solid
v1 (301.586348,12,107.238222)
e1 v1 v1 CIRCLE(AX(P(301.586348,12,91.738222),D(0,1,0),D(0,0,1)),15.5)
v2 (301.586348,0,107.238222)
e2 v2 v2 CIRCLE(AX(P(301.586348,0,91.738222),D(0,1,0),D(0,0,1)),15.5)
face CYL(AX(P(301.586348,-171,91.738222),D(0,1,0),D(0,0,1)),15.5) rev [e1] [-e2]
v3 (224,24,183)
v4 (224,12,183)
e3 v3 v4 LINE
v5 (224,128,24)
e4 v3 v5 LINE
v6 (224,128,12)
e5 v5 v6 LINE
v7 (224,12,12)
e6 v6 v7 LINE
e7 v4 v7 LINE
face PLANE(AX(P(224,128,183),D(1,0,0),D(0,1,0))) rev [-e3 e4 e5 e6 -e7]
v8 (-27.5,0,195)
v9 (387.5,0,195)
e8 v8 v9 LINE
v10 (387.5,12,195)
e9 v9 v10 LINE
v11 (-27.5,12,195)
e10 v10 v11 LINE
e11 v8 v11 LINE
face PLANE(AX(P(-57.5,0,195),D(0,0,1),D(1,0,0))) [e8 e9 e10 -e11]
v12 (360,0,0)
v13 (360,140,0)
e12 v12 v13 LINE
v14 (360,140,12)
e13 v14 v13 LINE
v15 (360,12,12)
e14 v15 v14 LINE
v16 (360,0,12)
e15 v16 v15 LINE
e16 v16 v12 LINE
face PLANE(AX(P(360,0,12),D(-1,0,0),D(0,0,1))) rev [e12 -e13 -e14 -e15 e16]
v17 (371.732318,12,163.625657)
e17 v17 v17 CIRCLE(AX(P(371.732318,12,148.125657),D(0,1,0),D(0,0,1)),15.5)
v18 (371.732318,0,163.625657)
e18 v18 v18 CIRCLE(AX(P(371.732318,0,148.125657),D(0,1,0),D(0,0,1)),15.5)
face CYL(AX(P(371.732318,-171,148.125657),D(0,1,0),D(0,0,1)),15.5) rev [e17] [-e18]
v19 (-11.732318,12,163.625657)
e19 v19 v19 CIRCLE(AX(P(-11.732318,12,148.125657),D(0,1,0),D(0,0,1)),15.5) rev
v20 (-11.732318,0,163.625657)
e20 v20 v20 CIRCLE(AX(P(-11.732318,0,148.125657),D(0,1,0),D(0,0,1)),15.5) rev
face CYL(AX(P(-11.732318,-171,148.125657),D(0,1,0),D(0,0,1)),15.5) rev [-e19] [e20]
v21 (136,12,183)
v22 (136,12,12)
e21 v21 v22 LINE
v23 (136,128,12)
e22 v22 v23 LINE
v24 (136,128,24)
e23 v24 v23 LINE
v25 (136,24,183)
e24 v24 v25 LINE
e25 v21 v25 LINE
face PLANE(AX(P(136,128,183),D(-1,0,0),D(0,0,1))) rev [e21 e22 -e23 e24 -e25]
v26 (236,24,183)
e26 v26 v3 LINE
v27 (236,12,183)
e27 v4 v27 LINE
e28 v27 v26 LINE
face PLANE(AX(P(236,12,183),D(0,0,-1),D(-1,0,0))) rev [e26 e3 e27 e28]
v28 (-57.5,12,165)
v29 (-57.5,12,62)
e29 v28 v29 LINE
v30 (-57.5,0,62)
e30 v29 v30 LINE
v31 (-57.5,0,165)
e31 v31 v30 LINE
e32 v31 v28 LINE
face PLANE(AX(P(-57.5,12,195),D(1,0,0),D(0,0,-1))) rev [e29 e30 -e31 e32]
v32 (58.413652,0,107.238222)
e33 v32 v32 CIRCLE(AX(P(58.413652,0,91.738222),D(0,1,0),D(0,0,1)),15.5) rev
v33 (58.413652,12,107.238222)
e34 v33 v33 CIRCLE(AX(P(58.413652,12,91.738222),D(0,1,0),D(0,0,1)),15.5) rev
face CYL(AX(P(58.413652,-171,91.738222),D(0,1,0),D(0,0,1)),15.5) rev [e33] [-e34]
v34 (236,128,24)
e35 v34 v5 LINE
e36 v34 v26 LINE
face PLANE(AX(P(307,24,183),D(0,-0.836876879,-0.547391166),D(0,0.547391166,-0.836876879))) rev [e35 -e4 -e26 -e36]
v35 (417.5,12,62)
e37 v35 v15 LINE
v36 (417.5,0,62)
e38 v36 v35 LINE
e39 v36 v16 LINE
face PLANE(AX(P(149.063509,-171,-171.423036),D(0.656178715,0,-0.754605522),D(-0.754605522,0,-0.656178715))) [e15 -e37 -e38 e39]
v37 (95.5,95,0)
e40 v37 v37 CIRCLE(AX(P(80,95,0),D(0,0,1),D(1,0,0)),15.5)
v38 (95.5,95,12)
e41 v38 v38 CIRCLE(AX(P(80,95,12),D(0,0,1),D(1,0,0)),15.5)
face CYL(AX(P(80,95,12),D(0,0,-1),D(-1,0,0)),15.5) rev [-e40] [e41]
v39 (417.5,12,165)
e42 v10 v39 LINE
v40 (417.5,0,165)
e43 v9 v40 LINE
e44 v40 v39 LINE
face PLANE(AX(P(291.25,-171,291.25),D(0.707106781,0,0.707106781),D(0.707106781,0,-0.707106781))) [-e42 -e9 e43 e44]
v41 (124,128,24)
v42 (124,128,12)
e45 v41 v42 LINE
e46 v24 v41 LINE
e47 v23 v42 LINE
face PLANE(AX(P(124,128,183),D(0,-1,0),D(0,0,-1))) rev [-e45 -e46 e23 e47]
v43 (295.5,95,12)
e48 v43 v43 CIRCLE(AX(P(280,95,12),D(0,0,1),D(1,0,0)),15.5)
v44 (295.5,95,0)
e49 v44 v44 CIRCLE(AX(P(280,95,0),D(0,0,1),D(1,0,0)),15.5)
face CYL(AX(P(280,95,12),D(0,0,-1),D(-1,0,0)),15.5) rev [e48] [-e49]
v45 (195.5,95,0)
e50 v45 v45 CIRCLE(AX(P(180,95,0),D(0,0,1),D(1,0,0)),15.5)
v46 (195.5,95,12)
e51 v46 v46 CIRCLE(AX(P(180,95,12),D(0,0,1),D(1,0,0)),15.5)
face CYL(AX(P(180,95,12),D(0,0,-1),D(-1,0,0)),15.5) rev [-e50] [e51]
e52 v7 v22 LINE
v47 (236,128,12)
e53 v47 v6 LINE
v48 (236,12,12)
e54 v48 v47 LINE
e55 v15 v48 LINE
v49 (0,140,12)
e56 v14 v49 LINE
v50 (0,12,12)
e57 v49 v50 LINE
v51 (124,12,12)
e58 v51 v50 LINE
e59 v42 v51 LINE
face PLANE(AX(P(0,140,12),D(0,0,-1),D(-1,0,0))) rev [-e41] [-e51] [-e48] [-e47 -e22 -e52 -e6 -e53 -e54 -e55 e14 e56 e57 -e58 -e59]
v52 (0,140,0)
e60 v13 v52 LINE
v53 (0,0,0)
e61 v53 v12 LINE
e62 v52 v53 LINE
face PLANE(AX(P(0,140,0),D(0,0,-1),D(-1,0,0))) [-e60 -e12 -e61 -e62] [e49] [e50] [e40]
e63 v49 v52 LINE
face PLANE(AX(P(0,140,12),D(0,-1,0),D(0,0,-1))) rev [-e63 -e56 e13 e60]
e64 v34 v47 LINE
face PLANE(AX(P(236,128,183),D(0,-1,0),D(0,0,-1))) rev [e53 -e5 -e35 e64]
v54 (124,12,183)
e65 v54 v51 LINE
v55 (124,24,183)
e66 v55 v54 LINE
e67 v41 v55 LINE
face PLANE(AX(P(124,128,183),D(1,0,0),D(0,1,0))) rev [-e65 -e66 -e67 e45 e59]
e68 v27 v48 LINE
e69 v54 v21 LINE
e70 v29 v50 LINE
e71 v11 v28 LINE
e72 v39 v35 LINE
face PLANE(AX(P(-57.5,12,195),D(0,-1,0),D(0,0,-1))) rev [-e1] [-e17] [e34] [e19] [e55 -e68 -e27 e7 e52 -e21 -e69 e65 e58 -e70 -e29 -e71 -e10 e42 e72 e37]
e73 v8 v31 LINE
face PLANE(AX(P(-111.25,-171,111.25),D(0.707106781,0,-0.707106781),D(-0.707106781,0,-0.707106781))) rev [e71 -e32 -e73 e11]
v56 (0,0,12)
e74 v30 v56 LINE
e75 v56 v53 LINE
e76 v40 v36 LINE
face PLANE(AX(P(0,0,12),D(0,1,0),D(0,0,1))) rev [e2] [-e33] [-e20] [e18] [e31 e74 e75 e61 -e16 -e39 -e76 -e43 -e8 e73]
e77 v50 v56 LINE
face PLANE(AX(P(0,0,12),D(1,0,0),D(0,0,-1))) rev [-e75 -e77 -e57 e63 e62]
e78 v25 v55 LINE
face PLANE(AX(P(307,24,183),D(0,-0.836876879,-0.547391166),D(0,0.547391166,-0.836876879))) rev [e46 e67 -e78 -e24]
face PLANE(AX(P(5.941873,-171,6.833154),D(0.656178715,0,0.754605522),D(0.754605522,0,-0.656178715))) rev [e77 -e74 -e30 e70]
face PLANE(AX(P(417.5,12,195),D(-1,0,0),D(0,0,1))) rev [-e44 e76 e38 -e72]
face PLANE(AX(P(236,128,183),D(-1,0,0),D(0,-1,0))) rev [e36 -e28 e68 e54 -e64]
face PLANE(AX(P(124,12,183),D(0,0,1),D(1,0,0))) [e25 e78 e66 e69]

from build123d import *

# Parameters (mm, degrees)
SKETCH1_W      = 360
SKETCH1_H      = 140
SKETCH1_R      = 15.5
EXTRUDE1_DEPTH = 12
SKETCH2_W      = 475
SKETCH2_H      = 12
EXTRUDE2_DEPTH = 183
SKETCH3_R      = 15.5
EXTRUDE3_DEPTH = 183
SKETCH4_W      = 12
SKETCH4_H      = 116
EXTRUDE4_DEPTH = 171
EXTRUDE5_DEPTH = 183


with BuildPart() as part:
    # Sketch1 → Extrude1 (new body)
    with BuildSketch(Plane.XY):
        with Locations((180, 70)):
            Rectangle(SKETCH1_W, SKETCH1_H)
        with Locations((80, 95)):
            Circle(SKETCH1_R, mode=Mode.SUBTRACT)
        with Locations((180, 95)):
            Circle(SKETCH1_R, mode=Mode.SUBTRACT)
        with Locations((280, 95)):
            Circle(SKETCH1_R, mode=Mode.SUBTRACT)
    extrude(amount=EXTRUDE1_DEPTH)

    # Sketch2 → Extrude2 (add)
    with BuildSketch(Plane.XY.offset(12)):
        with Locations((180, 6)):
            Rectangle(SKETCH2_W, SKETCH2_H)
    extrude(amount=EXTRUDE2_DEPTH)

    # Sketch3 → Extrude3 (cut)
    with BuildSketch(Plane(origin=(0, 12, 0), x_dir=(1, 0, 0), z_dir=(0, 1, 0))):
        Polygon((360, -12), (417.5, -62), (417.5, -12), align=None)
        Polygon((417.5, -165), (387.5, -195), (417.5, -195), align=None)
        Polygon((-57.5, -165), (-57.5, -195), (-27.5, -195), align=None)
        Polygon((-57.5, -12), (-57.5, -62), (0, -12), align=None)
        with Locations(Location((58.413652083, -91.738221798, 0), (0, 0, 270))):
            Circle(SKETCH3_R)
        with Locations(Location((-11.732317869, -148.125657451, 0), (0, 0, 270))):
            Circle(SKETCH3_R)
        with Locations(Location((301.586347917, -91.738221798, 0), (0, 0, 270))):
            Circle(SKETCH3_R)
        with Locations(Location((371.732317869, -148.125657451, 0), (0, 0, 270))):
            Circle(SKETCH3_R)
    extrude(amount=-EXTRUDE3_DEPTH, mode=Mode.SUBTRACT)

    # Sketch4 → Extrude4 (add)
    with BuildSketch(Plane.XY.offset(12)):
        with Locations((130, 70)):
            Rectangle(SKETCH4_W, SKETCH4_H)
        with Locations((230, 70)):
            Rectangle(SKETCH4_W, SKETCH4_H)
    extrude(amount=EXTRUDE4_DEPTH)

    # Sketch5 → Extrude5 (cut)
    with BuildSketch(Plane.ZY.offset(-124)):
        Polygon((183, 128), (183, 24), (24, 128), align=None)
    extrude(amount=-EXTRUDE5_DEPTH, mode=Mode.SUBTRACT)


solid = part.part
